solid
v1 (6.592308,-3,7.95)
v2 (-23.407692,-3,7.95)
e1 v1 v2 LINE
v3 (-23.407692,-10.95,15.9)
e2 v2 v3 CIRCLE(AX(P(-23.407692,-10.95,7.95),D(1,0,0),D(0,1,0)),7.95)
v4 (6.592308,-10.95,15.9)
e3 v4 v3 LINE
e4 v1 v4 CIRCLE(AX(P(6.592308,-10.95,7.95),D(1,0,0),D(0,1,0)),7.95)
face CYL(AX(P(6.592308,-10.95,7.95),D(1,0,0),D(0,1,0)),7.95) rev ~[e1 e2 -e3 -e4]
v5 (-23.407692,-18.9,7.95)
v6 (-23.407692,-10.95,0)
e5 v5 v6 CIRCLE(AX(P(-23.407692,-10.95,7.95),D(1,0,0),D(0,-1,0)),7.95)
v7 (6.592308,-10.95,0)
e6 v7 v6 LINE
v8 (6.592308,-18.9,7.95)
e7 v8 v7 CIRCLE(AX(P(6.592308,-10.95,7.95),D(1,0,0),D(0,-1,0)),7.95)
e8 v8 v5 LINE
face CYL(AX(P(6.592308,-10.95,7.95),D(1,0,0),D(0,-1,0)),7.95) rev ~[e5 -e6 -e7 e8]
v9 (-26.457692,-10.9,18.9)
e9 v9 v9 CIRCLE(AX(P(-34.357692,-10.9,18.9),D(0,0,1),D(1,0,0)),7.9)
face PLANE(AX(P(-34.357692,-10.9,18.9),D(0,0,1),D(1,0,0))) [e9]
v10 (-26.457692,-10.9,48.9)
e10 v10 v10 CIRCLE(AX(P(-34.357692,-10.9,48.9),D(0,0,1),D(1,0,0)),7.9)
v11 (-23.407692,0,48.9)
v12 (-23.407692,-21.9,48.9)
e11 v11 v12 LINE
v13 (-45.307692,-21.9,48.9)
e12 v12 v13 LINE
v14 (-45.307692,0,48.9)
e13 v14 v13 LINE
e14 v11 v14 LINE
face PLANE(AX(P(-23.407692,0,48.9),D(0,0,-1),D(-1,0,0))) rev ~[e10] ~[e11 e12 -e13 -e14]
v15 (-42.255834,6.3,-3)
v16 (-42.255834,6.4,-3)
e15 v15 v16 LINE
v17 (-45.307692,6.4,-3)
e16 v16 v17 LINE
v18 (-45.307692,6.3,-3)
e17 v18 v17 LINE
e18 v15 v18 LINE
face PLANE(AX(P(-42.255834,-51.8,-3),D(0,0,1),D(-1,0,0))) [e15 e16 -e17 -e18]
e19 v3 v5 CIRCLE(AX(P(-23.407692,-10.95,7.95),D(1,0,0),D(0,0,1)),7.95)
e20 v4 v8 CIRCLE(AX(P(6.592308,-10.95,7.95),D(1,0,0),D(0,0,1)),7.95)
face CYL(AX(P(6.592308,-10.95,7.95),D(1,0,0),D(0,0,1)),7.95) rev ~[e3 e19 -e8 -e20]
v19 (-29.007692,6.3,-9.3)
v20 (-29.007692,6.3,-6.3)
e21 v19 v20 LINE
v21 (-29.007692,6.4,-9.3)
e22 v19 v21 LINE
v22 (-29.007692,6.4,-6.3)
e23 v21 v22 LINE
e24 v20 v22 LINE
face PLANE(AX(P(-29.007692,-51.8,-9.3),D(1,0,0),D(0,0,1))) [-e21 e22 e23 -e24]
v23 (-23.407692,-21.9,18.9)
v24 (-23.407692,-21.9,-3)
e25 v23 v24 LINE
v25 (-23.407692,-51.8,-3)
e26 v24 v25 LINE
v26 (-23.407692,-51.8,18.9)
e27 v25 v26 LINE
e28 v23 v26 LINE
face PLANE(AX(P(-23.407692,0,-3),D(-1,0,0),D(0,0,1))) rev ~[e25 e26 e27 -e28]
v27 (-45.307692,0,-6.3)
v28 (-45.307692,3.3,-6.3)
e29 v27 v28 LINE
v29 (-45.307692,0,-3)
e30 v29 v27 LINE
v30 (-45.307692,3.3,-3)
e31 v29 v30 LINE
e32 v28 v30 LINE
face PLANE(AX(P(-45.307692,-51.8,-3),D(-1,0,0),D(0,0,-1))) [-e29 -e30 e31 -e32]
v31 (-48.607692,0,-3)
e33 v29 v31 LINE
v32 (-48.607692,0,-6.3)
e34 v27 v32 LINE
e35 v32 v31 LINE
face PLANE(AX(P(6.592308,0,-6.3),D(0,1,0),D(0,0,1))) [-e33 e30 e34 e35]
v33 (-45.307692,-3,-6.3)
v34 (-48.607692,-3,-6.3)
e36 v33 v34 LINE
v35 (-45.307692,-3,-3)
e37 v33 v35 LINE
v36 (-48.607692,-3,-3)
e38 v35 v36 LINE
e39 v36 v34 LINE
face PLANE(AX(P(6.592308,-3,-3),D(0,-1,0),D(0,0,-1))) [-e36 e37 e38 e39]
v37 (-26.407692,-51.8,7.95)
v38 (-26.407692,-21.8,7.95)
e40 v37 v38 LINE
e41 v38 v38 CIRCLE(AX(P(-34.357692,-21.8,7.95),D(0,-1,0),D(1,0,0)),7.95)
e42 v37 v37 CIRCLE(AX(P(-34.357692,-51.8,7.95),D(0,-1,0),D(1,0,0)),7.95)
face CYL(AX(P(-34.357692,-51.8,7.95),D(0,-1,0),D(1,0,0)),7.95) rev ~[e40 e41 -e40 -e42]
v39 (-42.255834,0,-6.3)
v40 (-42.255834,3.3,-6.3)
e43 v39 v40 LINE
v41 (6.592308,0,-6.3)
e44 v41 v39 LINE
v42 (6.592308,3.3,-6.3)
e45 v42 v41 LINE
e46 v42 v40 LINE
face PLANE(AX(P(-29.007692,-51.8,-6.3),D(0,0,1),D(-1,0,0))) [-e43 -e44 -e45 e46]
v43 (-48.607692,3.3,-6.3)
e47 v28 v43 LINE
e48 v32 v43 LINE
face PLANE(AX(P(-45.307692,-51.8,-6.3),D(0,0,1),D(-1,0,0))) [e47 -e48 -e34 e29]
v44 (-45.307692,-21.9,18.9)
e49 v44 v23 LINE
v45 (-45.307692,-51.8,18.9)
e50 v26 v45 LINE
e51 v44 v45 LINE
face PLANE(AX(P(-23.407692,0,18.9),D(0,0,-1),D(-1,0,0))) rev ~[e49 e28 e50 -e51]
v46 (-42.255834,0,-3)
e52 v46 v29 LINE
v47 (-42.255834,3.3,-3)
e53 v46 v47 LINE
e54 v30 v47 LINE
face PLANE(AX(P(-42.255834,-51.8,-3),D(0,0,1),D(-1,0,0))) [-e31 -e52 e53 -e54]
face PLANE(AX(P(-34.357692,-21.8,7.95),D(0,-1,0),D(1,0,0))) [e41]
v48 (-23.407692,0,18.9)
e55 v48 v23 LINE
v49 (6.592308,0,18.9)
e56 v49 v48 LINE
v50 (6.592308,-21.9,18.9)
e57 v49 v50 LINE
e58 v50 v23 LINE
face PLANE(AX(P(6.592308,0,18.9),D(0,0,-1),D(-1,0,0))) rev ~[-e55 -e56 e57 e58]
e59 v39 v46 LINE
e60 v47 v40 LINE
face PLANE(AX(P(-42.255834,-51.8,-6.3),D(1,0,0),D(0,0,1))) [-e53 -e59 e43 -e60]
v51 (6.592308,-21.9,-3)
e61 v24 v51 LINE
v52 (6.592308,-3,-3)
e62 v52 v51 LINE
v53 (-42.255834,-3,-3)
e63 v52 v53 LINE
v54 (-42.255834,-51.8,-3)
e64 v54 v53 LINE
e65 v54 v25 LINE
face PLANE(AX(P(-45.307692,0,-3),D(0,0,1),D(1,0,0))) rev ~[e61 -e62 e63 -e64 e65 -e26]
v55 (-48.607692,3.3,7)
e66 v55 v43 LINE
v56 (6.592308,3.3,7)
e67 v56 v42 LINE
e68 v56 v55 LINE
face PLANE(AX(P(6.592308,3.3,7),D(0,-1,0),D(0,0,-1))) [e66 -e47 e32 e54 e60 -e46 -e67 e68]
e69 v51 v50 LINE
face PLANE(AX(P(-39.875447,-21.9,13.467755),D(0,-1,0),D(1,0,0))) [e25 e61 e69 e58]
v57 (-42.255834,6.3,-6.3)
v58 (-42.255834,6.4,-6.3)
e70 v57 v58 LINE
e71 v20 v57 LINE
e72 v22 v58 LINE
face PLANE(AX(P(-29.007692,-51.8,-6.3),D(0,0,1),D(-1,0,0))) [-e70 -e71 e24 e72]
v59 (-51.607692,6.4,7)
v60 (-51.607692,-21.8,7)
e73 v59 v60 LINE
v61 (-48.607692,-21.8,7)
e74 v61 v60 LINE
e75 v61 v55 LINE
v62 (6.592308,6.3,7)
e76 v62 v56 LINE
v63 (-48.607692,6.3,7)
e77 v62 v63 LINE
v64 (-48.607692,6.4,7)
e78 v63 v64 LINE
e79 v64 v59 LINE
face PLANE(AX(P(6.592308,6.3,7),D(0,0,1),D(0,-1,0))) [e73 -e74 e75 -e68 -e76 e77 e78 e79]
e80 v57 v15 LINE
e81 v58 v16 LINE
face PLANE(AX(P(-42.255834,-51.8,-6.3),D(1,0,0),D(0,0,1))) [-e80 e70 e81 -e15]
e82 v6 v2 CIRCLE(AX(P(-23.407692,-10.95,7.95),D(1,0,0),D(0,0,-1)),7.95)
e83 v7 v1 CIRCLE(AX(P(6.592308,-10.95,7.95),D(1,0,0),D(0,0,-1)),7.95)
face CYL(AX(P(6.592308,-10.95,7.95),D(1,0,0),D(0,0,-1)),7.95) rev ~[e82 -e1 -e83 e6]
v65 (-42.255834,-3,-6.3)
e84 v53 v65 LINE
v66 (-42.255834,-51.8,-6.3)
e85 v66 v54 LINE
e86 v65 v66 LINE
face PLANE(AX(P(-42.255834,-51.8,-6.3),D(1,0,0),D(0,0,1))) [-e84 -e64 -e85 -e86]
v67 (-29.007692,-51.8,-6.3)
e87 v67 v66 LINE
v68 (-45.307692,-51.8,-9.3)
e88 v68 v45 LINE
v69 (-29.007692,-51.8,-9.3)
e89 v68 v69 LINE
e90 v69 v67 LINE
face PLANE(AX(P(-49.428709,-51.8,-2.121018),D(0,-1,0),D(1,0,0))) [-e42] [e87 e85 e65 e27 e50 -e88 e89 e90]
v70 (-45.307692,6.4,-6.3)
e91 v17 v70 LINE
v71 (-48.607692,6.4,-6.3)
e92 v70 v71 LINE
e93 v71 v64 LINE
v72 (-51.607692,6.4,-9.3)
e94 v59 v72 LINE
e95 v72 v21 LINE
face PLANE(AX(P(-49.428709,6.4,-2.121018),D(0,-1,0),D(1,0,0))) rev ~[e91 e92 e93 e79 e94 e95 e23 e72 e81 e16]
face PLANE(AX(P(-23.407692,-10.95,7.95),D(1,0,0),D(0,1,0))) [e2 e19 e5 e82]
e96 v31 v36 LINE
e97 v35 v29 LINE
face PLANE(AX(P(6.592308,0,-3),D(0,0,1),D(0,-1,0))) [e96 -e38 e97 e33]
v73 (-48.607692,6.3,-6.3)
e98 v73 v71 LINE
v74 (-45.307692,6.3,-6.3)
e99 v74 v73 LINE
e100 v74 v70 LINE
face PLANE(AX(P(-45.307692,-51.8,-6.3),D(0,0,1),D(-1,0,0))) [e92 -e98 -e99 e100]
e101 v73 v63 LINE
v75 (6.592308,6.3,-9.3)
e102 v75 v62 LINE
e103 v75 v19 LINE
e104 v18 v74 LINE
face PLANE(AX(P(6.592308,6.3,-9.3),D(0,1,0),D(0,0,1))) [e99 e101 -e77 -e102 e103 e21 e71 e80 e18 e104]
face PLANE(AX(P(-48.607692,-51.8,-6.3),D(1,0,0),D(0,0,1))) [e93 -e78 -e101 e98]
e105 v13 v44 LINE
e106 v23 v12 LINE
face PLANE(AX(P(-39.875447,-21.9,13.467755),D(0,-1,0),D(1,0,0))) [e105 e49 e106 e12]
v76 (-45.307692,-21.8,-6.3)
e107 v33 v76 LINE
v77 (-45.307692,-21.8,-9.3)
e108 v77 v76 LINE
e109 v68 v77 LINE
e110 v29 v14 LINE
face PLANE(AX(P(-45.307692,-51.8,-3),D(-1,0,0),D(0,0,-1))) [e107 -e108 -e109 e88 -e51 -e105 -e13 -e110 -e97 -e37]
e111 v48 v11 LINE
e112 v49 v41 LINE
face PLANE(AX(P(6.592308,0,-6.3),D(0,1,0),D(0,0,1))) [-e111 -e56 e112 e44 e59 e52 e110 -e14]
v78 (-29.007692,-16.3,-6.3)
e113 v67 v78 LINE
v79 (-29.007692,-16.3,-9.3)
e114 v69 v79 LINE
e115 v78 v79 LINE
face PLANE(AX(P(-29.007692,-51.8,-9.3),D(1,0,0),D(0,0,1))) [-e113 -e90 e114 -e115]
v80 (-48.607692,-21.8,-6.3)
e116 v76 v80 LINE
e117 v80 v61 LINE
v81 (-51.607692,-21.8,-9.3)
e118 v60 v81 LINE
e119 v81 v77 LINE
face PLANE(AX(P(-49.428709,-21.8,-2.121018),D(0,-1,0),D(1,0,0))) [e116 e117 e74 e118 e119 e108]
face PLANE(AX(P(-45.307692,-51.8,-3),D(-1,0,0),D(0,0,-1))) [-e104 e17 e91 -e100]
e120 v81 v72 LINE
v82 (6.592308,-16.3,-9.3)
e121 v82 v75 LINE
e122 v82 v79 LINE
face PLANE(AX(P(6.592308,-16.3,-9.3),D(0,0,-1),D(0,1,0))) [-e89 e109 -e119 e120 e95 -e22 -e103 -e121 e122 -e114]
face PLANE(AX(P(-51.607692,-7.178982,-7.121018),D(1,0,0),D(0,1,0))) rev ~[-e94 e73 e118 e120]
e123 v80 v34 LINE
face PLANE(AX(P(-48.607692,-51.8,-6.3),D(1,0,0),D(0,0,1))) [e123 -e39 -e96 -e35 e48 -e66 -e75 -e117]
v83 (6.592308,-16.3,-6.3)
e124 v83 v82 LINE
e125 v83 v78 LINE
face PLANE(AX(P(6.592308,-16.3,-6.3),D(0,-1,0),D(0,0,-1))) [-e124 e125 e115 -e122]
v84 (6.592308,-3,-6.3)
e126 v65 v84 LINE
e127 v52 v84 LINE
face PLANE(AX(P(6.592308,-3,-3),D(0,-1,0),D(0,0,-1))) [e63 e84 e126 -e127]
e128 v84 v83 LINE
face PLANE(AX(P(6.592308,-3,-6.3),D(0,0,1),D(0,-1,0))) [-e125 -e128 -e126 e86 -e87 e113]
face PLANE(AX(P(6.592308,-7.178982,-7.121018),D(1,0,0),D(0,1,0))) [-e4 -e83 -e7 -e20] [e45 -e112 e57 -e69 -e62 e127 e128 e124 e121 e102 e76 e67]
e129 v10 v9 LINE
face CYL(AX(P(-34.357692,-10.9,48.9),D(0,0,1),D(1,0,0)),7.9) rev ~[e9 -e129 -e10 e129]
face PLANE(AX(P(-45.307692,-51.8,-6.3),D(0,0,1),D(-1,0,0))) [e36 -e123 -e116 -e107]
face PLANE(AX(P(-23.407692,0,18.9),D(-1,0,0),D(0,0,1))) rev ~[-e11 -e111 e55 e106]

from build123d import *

# Parameters (mm, degrees)
F0_W      = 27
F0_H      = 15.9
F0_W_2    = 15.9
F0_H_2    = 27
F0_W_3    = 3
F0_H_3    = 3
F1_DEPTH  = 21.9
F2_DEPTH  = 51.8
F3_R      = 7.95
F6_DEPTH  = 30
F7_DEPTH  = 30
F4_R      = 7.9
F8_DEPTH  = 30
F12_DEPTH = 58.2
F13_DEPTH = 58.2
F14_DEPTH = 30


with BuildPart() as f1:
    # F0 (on Front) → F1 (new body)
    with BuildSketch(Plane.XZ):
        with BuildLine():
            Line((-34.3576915575, 15.9), (-42.3076915575, 15.9))
            Line((-42.3076915575, 15.9), (-42.3076915575, 7.9499999931))
            ThreePointArc((-42.3076915575, 7.9499999931), (-39.9791904704, 13.571498908), (-34.3576915575, 15.9))
        make_face()
        with BuildLine():
            ThreePointArc((-34.3576915575, 15.9), (-39.9791904704, 13.571498908), (-42.3076915575, 7.9499999931))
            ThreePointArc((-42.3076915575, 7.9499999931), (-39.9791904655, 2.3285010871), (-34.3576915575, 0))
            ThreePointArc((-34.3576915575, 0), (-28.7361926471, 2.3285010896), (-26.4076915575, 7.95))
            ThreePointArc((-26.4076915575, 7.95), (-28.7361926471, 13.5714989104), (-34.3576915575, 15.9))
        make_face()
        Polygon((-42.3076915575, 18.9), (-42.3076915575, 45.9), (-26.4076915575, 45.9), (-26.4076915575, 18.9), (-23.4076915575, 18.9), (-23.4076915575, 48.9), (-45.3076915575, 48.9), (-45.3076915575, 18.9), align=None)
        with Locations((-9.9076915575, 7.95)):
            Rectangle(F0_W, F0_H)
        with Locations((-34.3576915575, 32.4)):
            Rectangle(F0_W_2, F0_H_2)
        with BuildLine():
            ThreePointArc((-34.3576915575, 0), (-39.9791904655, 2.3285010871), (-42.3076915575, 7.9499999931))
            Line((-42.3076915575, 7.9499999931), (-42.3076915575, 0))
            Line((-42.3076915575, 0), (-34.3576915575, 0))
        make_face()
        with BuildLine():
            Line((-26.4076915575, 0), (-26.4076915575, 7.95))
            ThreePointArc((-26.4076915575, 7.95), (-28.7361926471, 2.3285010896), (-34.3576915575, 0))
            Line((-34.3576915575, 0), (-26.4076915575, 0))
        make_face()
        with BuildLine():
            Line((-26.4076915575, 7.95), (-26.4076915575, 15.9))
            Line((-26.4076915575, 15.9), (-34.3576915575, 15.9))
            ThreePointArc((-34.3576915575, 15.9), (-28.7361926471, 13.5714989104), (-26.4076915575, 7.95))
        make_face()
        Polygon((6.5923084425, 18.9), (-23.4076915575, 18.9), (-23.4076915575, 15.9), (3.5923084425, 15.9), (3.5923084425, 0), (-23.4076915575, 0), (-23.4076915575, -3), (6.5923084425, -3), align=None)
        Polygon((-26.4076915575, 18.9), (-42.3076915575, 18.9), (-42.3076915575, 15.9), (-34.3576915575, 15.9), (-26.4076915575, 15.9), align=None)
        Polygon((-23.4076915575, 15.9), (-26.4076915575, 15.9), (-26.4076915575, 7.95), (-26.4076915575, 0), (-23.4076915575, 0), align=None)
        Polygon((-42.3076915575, 15.9), (-42.3076915575, 18.9), (-45.3076915575, 18.9), (-45.3076915575, -3), (-23.4076915575, -3), (-23.4076915575, 0), (-26.4076915575, 0), (-34.3576915575, 0), (-42.3076915575, 0), (-42.3076915575, 7.9499999931), align=None)
        with Locations((-24.9076915575, 17.4)):
            Rectangle(F0_W_3, F0_H_3)
    extrude(amount=F1_DEPTH)

    # F0 (on Front) → F2 (join)
    with BuildSketch(Plane.XZ):
        Polygon((-42.3076915575, 15.9), (-42.3076915575, 18.9), (-45.3076915575, 18.9), (-45.3076915575, -3), (-23.4076915575, -3), (-23.4076915575, 0), (-26.4076915575, 0), (-34.3576915575, 0), (-42.3076915575, 0), (-42.3076915575, 7.9499999931), align=None)
        with BuildLine():
            ThreePointArc((-34.3576915575, 15.9), (-39.9791904704, 13.571498908), (-42.3076915575, 7.9499999931))
            ThreePointArc((-42.3076915575, 7.9499999931), (-39.9791904655, 2.3285010871), (-34.3576915575, 0))
            ThreePointArc((-34.3576915575, 0), (-28.7361926471, 2.3285010896), (-26.4076915575, 7.95))
            ThreePointArc((-26.4076915575, 7.95), (-28.7361926471, 13.5714989104), (-34.3576915575, 15.9))
        make_face()
        Polygon((-26.4076915575, 18.9), (-42.3076915575, 18.9), (-42.3076915575, 15.9), (-34.3576915575, 15.9), (-26.4076915575, 15.9), align=None)
        Polygon((-23.4076915575, 15.9), (-26.4076915575, 15.9), (-26.4076915575, 7.95), (-26.4076915575, 0), (-23.4076915575, 0), align=None)
        with Locations((-24.9076915575, 17.4)):
            Rectangle(F0_W_3, F0_H_3)
        with BuildLine():
            Line((-26.4076915575, 7.95), (-26.4076915575, 15.9))
            Line((-26.4076915575, 15.9), (-34.3576915575, 15.9))
            ThreePointArc((-34.3576915575, 15.9), (-28.7361926471, 13.5714989104), (-26.4076915575, 7.95))
        make_face()
        with BuildLine():
            Line((-34.3576915575, 15.9), (-42.3076915575, 15.9))
            Line((-42.3076915575, 15.9), (-42.3076915575, 7.9499999931))
            ThreePointArc((-42.3076915575, 7.9499999931), (-39.9791904704, 13.571498908), (-34.3576915575, 15.9))
        make_face()
        with BuildLine():
            ThreePointArc((-34.3576915575, 0), (-39.9791904655, 2.3285010871), (-42.3076915575, 7.9499999931))
            Line((-42.3076915575, 7.9499999931), (-42.3076915575, 0))
            Line((-42.3076915575, 0), (-34.3576915575, 0))
        make_face()
        with BuildLine():
            Line((-26.4076915575, 0), (-26.4076915575, 7.95))
            ThreePointArc((-26.4076915575, 7.95), (-28.7361926471, 2.3285010896), (-34.3576915575, 0))
            Line((-34.3576915575, 0), (-26.4076915575, 0))
        make_face()
    extrude(amount=F2_DEPTH)

    # F3 (on face) → F6 (cut)
    with BuildSketch(Plane.XZ.offset(51.8)):
        with Locations((-34.3576915575, 7.95)):
            Circle(F3_R)
    extrude(amount=-F6_DEPTH, mode=Mode.SUBTRACT)

    # F5 (on face) → F7 (cut)
    with BuildSketch(Plane.YZ.offset(6.5923084425)):
        with BuildLine():
            ThreePointArc((-3, 7.95), (-5.3285010896, 13.5714989104), (-10.95, 15.9))
            ThreePointArc((-10.95, 15.9), (-16.5714989104, 13.5714989104), (-18.9, 7.95))
            ThreePointArc((-18.9, 7.95), (-16.5714989104, 2.3285010896), (-10.95, 0))
            ThreePointArc((-10.95, 0), (-5.3285010896, 2.3285010896), (-3, 7.95))
        make_face()
    extrude(amount=-F7_DEPTH, mode=Mode.SUBTRACT)

    # F4 (on face) → F8 (cut)
    with BuildSketch(Plane.XY.offset(48.9)):
        with Locations((-34.3576915575, -10.9)):
            Circle(F4_R)
    extrude(amount=-F8_DEPTH, mode=Mode.SUBTRACT)

    # F10 (on face) → F12 (join)
    with BuildSketch(Plane.XZ.offset(51.8)):
        Polygon((-45.3076915575, -9.3), (-45.3076915575, -6.3), (-48.6076915575, -6.3), (-48.6076915575, 7), (-51.6076915575, 7), (-51.6076915575, -9.3), align=None)
        Polygon((-42.255833745, -3), (-45.3076915575, -3), (-45.3076915575, -6.3), (-45.3076915575, -9.3), (-29.0076915575, -9.3), (-29.0076915575, -6.3), (-42.255833745, -6.3), align=None)
    extrude(amount=-F12_DEPTH)

    # F11 (on face) → F13 (join, through all)
    with BuildSketch(Plane.YZ.offset(6.5923084425)):
        Polygon((0, -6.3), (0, -3), (-3, -3), (-3, -6.3), (-16.3, -6.3), (-16.3, -9.3), (0, -9.3), align=None)
        Polygon((3.3, -6.3), (0, -6.3), (0, -9.3), (6.3, -9.3), (6.3, 7), (3.3, 7), align=None)
    extrude(amount=-F13_DEPTH)

    # F10 (on face) → F14 (cut)
    with BuildSketch(Plane.XZ.offset(51.8)):
        Polygon((-45.3076915575, -9.3), (-45.3076915575, -6.3), (-48.6076915575, -6.3), (-48.6076915575, 7), (-51.6076915575, 7), (-51.6076915575, -9.3), align=None)
    extrude(amount=-F14_DEPTH, mode=Mode.SUBTRACT)


solid = f1.part
